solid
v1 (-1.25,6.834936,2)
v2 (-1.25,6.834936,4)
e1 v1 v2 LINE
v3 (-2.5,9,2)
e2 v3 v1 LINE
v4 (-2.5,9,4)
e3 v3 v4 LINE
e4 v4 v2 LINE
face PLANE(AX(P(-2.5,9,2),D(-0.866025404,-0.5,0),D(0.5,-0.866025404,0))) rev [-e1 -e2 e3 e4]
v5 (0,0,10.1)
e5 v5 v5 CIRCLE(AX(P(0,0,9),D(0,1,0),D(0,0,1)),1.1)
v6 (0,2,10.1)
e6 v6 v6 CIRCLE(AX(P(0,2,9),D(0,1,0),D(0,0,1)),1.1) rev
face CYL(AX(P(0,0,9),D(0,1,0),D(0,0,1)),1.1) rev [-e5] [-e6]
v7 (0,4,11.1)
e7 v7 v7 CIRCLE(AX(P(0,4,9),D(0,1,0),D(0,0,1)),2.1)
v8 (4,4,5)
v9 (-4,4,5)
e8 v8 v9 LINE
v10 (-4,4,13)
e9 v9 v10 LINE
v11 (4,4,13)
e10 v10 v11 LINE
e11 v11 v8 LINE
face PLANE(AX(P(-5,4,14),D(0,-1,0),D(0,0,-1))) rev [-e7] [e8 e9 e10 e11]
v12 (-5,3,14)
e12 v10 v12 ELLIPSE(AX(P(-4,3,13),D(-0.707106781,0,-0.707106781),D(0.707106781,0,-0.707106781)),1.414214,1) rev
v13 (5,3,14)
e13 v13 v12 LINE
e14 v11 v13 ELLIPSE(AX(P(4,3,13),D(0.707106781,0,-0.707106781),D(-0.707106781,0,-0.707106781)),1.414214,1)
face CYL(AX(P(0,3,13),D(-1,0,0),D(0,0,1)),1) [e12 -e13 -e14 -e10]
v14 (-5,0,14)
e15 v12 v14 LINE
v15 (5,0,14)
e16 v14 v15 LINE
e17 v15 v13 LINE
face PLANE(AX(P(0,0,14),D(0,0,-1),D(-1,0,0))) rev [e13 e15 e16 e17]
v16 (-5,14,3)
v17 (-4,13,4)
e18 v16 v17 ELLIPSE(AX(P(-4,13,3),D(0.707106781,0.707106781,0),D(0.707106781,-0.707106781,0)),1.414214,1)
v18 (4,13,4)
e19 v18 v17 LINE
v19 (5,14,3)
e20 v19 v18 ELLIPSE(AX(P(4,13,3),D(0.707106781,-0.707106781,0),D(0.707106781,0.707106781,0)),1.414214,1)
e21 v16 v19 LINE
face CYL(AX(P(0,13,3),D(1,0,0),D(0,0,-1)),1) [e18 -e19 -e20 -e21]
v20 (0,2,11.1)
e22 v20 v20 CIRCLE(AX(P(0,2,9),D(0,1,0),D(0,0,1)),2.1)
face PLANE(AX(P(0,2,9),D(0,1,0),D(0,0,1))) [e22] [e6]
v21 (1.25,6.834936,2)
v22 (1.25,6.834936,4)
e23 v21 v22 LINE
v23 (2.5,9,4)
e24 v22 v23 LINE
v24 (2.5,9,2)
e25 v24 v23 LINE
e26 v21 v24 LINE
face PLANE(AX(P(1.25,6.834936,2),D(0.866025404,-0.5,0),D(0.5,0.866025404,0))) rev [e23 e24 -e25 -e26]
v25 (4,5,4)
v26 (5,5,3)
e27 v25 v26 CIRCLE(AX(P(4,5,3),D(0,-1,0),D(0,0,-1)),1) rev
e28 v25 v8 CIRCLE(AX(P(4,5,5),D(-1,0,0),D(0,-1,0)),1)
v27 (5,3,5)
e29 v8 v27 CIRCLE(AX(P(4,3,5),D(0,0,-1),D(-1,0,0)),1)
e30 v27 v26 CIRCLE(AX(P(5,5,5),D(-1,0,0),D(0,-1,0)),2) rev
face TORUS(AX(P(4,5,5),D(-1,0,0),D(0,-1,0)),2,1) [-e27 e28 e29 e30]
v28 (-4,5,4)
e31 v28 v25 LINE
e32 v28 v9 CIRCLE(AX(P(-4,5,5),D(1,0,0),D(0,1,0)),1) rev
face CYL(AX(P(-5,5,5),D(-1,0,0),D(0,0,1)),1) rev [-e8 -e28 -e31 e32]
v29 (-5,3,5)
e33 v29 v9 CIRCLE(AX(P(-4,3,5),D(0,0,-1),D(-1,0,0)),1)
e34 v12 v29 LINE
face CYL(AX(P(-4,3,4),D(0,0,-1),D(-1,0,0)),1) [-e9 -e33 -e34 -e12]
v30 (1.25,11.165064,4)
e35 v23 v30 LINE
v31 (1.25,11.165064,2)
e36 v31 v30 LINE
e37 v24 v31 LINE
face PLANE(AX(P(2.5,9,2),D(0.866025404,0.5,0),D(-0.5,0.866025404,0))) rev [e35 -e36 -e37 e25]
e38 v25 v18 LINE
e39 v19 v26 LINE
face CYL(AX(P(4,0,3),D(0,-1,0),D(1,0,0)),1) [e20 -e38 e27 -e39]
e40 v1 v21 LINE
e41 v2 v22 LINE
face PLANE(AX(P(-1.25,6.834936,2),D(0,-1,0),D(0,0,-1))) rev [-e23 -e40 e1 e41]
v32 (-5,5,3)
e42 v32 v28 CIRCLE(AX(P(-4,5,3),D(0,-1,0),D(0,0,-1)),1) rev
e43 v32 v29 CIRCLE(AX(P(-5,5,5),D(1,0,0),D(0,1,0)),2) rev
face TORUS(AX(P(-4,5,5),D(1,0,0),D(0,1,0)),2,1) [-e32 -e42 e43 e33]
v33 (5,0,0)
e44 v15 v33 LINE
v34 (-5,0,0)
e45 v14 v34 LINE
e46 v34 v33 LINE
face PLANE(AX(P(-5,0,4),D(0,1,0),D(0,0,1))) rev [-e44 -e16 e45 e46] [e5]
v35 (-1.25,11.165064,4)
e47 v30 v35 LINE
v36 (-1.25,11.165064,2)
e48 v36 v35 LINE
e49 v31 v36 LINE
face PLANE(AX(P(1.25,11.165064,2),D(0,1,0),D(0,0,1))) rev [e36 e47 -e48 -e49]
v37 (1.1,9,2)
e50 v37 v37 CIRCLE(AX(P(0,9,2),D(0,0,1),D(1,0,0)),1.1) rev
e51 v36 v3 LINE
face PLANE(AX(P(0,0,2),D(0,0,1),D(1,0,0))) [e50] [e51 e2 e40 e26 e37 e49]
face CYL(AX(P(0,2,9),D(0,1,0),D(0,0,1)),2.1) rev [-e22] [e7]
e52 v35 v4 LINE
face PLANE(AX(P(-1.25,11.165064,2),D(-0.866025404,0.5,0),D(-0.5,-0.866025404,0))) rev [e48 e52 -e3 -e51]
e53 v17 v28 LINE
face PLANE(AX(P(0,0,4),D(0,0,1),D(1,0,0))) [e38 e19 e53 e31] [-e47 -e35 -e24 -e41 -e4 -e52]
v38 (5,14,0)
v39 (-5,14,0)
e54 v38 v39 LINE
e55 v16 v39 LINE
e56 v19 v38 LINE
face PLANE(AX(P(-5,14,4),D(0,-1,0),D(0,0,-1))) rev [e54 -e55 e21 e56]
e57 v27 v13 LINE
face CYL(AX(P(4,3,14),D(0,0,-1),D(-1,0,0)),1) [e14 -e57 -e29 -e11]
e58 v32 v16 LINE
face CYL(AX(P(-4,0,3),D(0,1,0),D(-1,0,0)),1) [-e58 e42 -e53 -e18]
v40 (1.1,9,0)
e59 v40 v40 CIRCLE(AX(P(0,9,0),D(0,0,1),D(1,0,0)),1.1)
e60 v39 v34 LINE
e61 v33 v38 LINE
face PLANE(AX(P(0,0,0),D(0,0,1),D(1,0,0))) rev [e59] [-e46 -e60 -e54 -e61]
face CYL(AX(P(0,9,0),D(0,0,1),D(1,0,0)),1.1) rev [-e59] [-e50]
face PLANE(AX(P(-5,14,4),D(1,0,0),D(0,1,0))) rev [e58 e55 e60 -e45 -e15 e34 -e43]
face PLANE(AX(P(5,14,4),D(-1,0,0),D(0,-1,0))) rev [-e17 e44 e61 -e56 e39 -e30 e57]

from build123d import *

# Parameters (mm, degrees)
ESQUISSE1_W             = 10
ESQUISSE1_H             = 14
BOSS_EXTRU_1_DEPTH      = 4
ESQUISSE2_W             = 10
ESQUISSE2_H             = 4
BOSS_EXTRU_2_DEPTH      = 10
ESQUISSE3_R             = 1.1
ENL_V_MAT_EXTRU_1_DEPTH = 5
CONG_1_R                = 1
ESQUISSE4_R             = 1.1
ENL_V_MAT_EXTRU_2_DEPTH = 5
ENL_V_MAT_EXTRU_3_DEPTH = 2
ESQUISSE6_R             = 2.1
ENL_V_MAT_EXTRU_4_DEPTH = 2


with BuildPart() as part:
    # Esquisse1 → Boss.-Extru.1 (new body)
    with BuildSketch(Plane.XY):
        with Locations((0, 7)):
            Rectangle(ESQUISSE1_W, ESQUISSE1_H)
    extrude(amount=BOSS_EXTRU_1_DEPTH)

    # Esquisse2 → Boss.-Extru.2 (add)
    with BuildSketch(Plane.XY.offset(4)):
        with Locations((0, 2)):
            Rectangle(ESQUISSE2_W, ESQUISSE2_H)
    extrude(amount=BOSS_EXTRU_2_DEPTH)

    # Esquisse3 → Enlèv. mat.-Extru.1 (cut, through all)
    with BuildSketch(Plane.XY.offset(4)):
        with Locations((0, 9)):
            Circle(ESQUISSE3_R)
    extrude(amount=-ENL_V_MAT_EXTRU_1_DEPTH, mode=Mode.SUBTRACT)

    # Congé1
    cong_1_edges = [part.edges().sort_by_distance(p)[0] for p in [
        (5, 9, 4),
        (-5, 4, 9),
        (0, 4, 4),
        (5, 4, 9),
        (0, 14, 4),
        (0, 4, 14),
        (-5, 9, 4),
    ]]
    fillet(cong_1_edges, radius=CONG_1_R)

    # Esquisse4 → Enlèv. mat.-Extru.2 (cut, through all)
    with BuildSketch(Plane(origin=(0, 4, 0), x_dir=(1, 0, 0), z_dir=(0, 1, 0))):
        with Locations(Location((0, -9, 0), (0, 0, 270))):  # turned: the seam where the file's is
            Circle(ESQUISSE4_R)
    extrude(amount=-ENL_V_MAT_EXTRU_2_DEPTH, mode=Mode.SUBTRACT)

    # Esquisse5 → Enlèv. mat.-Extru.3 (cut)
    with BuildSketch(Plane.XY.offset(4)):
        Polygon((1.25, 6.834936491), (2.5, 9), (1.25, 11.165063509), (-1.25, 11.165063509), (-2.5, 9), (-1.25, 6.834936491), align=None)
    extrude(amount=-ENL_V_MAT_EXTRU_3_DEPTH, mode=Mode.SUBTRACT)

    # Esquisse6 → Enlèv. mat.-Extru.4 (cut)
    with BuildSketch(Plane(origin=(0, 4, 0), x_dir=(1, 0, 0), z_dir=(0, 1, 0))):
        with Locations(Location((0, -9, 0), (0, 0, 270))):  # turned: the seam where the file's is
            Circle(ESQUISSE6_R)
    extrude(amount=-ENL_V_MAT_EXTRU_4_DEPTH, mode=Mode.SUBTRACT)


solid = part.part
